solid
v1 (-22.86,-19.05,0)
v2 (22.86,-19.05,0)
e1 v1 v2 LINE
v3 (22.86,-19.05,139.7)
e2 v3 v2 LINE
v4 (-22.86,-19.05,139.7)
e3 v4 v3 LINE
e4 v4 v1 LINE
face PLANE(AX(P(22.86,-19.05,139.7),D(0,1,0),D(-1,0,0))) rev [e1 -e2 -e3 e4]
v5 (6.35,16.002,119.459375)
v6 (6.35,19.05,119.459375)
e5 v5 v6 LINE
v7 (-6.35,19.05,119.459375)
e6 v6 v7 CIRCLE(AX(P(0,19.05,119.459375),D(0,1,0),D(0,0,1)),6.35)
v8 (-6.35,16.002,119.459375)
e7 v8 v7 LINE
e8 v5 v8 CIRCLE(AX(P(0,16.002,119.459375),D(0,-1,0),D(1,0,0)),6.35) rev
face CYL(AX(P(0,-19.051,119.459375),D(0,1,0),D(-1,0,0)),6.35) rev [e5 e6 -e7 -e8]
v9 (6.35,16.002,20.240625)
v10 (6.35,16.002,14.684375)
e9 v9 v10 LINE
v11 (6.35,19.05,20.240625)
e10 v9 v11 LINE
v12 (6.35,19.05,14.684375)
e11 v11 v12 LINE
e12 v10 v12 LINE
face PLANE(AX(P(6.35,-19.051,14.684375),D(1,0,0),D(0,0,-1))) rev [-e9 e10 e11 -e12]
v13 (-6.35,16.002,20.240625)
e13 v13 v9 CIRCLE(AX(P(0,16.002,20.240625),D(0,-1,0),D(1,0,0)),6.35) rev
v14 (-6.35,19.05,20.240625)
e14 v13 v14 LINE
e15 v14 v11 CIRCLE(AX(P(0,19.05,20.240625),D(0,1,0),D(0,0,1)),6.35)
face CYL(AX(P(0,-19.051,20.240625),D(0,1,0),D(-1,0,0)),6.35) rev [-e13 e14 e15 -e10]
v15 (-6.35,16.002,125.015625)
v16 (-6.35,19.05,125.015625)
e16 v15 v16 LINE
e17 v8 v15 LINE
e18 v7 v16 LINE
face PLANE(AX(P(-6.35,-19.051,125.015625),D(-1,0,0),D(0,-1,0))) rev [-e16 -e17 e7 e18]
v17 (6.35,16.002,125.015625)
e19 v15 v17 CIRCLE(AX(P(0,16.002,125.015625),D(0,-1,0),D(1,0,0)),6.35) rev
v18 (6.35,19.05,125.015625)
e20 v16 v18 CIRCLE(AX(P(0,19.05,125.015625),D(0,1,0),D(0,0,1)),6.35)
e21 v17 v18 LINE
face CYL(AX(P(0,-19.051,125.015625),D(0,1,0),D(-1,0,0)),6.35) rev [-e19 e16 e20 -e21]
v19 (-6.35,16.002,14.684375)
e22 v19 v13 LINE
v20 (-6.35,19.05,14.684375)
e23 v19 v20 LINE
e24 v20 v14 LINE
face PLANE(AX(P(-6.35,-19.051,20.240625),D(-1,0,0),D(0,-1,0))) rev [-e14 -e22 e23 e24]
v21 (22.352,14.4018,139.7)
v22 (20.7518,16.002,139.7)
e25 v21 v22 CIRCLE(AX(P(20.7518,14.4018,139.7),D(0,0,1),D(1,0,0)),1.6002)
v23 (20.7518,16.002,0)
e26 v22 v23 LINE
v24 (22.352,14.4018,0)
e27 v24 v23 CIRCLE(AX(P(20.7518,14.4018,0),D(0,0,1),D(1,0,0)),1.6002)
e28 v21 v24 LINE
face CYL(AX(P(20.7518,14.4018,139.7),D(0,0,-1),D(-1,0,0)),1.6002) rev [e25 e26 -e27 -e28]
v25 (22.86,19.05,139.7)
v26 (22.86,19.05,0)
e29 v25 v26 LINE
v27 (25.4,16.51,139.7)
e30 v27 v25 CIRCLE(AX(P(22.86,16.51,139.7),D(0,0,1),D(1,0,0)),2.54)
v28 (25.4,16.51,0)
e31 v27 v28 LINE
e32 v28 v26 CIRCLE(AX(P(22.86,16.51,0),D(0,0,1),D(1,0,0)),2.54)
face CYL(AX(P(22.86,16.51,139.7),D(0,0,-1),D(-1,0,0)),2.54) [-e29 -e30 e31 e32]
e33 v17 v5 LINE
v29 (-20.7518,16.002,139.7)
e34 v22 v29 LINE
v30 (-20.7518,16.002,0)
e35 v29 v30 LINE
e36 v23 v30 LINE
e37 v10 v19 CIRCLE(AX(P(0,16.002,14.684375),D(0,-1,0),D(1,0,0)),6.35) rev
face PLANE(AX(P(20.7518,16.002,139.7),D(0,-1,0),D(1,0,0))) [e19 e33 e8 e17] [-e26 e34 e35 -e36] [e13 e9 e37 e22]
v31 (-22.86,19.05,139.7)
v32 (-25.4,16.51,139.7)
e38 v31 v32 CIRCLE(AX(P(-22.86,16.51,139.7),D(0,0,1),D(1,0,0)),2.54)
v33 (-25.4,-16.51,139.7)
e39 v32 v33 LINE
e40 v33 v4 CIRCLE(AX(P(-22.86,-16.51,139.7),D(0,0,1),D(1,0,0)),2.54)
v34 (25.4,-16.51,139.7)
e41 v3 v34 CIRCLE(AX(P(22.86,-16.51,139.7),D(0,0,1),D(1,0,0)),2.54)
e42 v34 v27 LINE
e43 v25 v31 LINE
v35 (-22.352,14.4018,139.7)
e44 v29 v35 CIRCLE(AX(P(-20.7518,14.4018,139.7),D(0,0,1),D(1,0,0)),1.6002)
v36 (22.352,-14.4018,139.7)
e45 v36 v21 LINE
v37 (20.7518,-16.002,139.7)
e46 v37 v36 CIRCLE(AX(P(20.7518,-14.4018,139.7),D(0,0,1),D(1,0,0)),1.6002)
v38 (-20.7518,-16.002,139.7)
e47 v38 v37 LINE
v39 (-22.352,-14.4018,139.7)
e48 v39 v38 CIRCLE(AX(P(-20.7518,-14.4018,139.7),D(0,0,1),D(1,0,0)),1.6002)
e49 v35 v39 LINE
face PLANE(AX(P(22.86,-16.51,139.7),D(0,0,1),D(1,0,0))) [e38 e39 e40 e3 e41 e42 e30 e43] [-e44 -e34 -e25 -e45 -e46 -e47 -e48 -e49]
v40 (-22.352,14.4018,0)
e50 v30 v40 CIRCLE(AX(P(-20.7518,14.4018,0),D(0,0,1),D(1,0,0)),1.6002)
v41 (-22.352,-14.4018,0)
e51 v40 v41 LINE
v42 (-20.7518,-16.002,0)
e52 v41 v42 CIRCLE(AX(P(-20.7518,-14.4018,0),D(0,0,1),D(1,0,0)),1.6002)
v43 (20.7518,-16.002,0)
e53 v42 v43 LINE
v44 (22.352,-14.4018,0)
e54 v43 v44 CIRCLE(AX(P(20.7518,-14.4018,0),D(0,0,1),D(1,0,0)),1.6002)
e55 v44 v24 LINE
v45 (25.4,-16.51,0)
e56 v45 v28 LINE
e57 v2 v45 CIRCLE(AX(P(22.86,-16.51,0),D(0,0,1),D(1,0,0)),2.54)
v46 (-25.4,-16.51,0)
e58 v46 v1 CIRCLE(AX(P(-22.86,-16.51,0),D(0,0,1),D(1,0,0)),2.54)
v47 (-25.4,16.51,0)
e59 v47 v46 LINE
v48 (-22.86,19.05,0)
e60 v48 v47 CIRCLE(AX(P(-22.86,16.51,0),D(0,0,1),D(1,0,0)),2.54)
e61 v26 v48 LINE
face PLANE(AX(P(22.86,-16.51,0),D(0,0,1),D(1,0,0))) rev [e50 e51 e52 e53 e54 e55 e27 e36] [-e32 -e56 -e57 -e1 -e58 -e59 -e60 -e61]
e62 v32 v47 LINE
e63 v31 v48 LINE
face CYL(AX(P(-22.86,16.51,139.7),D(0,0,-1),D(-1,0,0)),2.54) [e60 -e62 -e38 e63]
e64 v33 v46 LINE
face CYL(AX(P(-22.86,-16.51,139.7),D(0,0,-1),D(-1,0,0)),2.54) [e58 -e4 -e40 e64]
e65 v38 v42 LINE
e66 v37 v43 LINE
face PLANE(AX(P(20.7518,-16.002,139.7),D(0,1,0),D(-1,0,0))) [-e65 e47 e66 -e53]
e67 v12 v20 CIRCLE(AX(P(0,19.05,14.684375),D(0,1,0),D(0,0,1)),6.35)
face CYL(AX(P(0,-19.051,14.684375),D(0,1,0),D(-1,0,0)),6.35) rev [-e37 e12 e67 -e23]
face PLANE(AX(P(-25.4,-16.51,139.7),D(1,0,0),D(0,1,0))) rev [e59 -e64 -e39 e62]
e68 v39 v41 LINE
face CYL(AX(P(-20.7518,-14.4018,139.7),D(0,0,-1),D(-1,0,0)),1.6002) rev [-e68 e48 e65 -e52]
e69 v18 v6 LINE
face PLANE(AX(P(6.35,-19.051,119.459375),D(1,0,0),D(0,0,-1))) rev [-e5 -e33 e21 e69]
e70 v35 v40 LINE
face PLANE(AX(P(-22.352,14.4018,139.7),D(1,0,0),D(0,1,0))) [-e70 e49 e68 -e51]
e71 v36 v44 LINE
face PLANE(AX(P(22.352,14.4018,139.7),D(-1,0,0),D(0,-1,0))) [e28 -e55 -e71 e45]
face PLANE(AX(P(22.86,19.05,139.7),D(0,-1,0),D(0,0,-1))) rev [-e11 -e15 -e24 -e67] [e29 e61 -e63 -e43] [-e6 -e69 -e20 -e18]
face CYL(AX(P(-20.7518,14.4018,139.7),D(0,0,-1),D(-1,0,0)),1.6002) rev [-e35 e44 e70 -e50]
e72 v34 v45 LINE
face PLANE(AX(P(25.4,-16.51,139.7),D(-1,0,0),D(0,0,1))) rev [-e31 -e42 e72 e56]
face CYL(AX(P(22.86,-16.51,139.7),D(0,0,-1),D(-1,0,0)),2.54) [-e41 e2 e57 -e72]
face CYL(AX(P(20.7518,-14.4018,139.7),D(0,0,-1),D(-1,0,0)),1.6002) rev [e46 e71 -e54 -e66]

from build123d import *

# Parameters (mm, degrees)
BOSS_EXTRUDE1_DEPTH = 139.7
CUT_EXTRUDE1_DEPTH  = 3.048


with BuildPart() as part:
    # Sketch4 → Boss-Extrude1 (new body)
    with BuildSketch(Plane.XY):
        with BuildLine():
            Line((25.4, -16.51), (25.4, 16.51))
            ThreePointArc((25.4, 16.51), (24.656051224, 18.306051224), (22.86, 19.05))
            Line((22.86, 19.05), (-22.86, 19.05))
            ThreePointArc((-22.86, 19.05), (-24.656051224, 18.306051224), (-25.4, 16.51))
            Line((-25.4, 16.51), (-25.4, -16.51))
            ThreePointArc((-25.4, -16.51), (-24.656051224, -18.306051224), (-22.86, -19.05))
            Line((-22.86, -19.05), (22.86, -19.05))
            ThreePointArc((22.86, -19.05), (24.656051224, -18.306051224), (25.4, -16.51))
        make_face()
        with BuildLine():
            Line((22.352, 14.4018), (22.352, -14.4018))
            ThreePointArc((22.352, -14.4018), (21.883312271, -15.533312271), (20.7518, -16.002))
            Line((20.7518, -16.002), (-20.7518, -16.002))
            ThreePointArc((-20.7518, -16.002), (-21.883312271, -15.533312271), (-22.352, -14.4018))
            Line((-22.352, -14.4018), (-22.352, 14.4018))
            ThreePointArc((-22.352, 14.4018), (-21.883312271, 15.533312271), (-20.7518, 16.002))
            Line((-20.7518, 16.002), (20.7518, 16.002))
            ThreePointArc((20.7518, 16.002), (21.883312271, 15.533312271), (22.352, 14.4018))
        make_face(mode=Mode.SUBTRACT)
    extrude(amount=BOSS_EXTRUDE1_DEPTH)

    # Sketch7 → Cut-Extrude1 (cut)
    with BuildSketch(Plane(origin=(0, 19.05, 0), x_dir=(1, 0, 0), z_dir=(0, 1, 0))):
        with BuildLine():
            Line((-6.35, -20.240625), (-6.35, -14.684375))
            ThreePointArc((-6.35, -14.684375), (0, -8.334375), (6.35, -14.684375))
            Line((6.35, -14.684375), (6.35, -20.240625))
            ThreePointArc((6.35, -20.240625), (0, -26.590625), (-6.35, -20.240625))
        make_face()
        with BuildLine():
            Line((-6.35, -125.015625), (-6.35, -119.459375))
            ThreePointArc((-6.35, -119.459375), (0, -113.109375), (6.35, -119.459375))
            Line((6.35, -119.459375), (6.35, -125.015625))
            ThreePointArc((6.35, -125.015625), (0, -131.365625), (-6.35, -125.015625))
        make_face()
    extrude(amount=-CUT_EXTRUDE1_DEPTH, mode=Mode.SUBTRACT)


solid = part.part
